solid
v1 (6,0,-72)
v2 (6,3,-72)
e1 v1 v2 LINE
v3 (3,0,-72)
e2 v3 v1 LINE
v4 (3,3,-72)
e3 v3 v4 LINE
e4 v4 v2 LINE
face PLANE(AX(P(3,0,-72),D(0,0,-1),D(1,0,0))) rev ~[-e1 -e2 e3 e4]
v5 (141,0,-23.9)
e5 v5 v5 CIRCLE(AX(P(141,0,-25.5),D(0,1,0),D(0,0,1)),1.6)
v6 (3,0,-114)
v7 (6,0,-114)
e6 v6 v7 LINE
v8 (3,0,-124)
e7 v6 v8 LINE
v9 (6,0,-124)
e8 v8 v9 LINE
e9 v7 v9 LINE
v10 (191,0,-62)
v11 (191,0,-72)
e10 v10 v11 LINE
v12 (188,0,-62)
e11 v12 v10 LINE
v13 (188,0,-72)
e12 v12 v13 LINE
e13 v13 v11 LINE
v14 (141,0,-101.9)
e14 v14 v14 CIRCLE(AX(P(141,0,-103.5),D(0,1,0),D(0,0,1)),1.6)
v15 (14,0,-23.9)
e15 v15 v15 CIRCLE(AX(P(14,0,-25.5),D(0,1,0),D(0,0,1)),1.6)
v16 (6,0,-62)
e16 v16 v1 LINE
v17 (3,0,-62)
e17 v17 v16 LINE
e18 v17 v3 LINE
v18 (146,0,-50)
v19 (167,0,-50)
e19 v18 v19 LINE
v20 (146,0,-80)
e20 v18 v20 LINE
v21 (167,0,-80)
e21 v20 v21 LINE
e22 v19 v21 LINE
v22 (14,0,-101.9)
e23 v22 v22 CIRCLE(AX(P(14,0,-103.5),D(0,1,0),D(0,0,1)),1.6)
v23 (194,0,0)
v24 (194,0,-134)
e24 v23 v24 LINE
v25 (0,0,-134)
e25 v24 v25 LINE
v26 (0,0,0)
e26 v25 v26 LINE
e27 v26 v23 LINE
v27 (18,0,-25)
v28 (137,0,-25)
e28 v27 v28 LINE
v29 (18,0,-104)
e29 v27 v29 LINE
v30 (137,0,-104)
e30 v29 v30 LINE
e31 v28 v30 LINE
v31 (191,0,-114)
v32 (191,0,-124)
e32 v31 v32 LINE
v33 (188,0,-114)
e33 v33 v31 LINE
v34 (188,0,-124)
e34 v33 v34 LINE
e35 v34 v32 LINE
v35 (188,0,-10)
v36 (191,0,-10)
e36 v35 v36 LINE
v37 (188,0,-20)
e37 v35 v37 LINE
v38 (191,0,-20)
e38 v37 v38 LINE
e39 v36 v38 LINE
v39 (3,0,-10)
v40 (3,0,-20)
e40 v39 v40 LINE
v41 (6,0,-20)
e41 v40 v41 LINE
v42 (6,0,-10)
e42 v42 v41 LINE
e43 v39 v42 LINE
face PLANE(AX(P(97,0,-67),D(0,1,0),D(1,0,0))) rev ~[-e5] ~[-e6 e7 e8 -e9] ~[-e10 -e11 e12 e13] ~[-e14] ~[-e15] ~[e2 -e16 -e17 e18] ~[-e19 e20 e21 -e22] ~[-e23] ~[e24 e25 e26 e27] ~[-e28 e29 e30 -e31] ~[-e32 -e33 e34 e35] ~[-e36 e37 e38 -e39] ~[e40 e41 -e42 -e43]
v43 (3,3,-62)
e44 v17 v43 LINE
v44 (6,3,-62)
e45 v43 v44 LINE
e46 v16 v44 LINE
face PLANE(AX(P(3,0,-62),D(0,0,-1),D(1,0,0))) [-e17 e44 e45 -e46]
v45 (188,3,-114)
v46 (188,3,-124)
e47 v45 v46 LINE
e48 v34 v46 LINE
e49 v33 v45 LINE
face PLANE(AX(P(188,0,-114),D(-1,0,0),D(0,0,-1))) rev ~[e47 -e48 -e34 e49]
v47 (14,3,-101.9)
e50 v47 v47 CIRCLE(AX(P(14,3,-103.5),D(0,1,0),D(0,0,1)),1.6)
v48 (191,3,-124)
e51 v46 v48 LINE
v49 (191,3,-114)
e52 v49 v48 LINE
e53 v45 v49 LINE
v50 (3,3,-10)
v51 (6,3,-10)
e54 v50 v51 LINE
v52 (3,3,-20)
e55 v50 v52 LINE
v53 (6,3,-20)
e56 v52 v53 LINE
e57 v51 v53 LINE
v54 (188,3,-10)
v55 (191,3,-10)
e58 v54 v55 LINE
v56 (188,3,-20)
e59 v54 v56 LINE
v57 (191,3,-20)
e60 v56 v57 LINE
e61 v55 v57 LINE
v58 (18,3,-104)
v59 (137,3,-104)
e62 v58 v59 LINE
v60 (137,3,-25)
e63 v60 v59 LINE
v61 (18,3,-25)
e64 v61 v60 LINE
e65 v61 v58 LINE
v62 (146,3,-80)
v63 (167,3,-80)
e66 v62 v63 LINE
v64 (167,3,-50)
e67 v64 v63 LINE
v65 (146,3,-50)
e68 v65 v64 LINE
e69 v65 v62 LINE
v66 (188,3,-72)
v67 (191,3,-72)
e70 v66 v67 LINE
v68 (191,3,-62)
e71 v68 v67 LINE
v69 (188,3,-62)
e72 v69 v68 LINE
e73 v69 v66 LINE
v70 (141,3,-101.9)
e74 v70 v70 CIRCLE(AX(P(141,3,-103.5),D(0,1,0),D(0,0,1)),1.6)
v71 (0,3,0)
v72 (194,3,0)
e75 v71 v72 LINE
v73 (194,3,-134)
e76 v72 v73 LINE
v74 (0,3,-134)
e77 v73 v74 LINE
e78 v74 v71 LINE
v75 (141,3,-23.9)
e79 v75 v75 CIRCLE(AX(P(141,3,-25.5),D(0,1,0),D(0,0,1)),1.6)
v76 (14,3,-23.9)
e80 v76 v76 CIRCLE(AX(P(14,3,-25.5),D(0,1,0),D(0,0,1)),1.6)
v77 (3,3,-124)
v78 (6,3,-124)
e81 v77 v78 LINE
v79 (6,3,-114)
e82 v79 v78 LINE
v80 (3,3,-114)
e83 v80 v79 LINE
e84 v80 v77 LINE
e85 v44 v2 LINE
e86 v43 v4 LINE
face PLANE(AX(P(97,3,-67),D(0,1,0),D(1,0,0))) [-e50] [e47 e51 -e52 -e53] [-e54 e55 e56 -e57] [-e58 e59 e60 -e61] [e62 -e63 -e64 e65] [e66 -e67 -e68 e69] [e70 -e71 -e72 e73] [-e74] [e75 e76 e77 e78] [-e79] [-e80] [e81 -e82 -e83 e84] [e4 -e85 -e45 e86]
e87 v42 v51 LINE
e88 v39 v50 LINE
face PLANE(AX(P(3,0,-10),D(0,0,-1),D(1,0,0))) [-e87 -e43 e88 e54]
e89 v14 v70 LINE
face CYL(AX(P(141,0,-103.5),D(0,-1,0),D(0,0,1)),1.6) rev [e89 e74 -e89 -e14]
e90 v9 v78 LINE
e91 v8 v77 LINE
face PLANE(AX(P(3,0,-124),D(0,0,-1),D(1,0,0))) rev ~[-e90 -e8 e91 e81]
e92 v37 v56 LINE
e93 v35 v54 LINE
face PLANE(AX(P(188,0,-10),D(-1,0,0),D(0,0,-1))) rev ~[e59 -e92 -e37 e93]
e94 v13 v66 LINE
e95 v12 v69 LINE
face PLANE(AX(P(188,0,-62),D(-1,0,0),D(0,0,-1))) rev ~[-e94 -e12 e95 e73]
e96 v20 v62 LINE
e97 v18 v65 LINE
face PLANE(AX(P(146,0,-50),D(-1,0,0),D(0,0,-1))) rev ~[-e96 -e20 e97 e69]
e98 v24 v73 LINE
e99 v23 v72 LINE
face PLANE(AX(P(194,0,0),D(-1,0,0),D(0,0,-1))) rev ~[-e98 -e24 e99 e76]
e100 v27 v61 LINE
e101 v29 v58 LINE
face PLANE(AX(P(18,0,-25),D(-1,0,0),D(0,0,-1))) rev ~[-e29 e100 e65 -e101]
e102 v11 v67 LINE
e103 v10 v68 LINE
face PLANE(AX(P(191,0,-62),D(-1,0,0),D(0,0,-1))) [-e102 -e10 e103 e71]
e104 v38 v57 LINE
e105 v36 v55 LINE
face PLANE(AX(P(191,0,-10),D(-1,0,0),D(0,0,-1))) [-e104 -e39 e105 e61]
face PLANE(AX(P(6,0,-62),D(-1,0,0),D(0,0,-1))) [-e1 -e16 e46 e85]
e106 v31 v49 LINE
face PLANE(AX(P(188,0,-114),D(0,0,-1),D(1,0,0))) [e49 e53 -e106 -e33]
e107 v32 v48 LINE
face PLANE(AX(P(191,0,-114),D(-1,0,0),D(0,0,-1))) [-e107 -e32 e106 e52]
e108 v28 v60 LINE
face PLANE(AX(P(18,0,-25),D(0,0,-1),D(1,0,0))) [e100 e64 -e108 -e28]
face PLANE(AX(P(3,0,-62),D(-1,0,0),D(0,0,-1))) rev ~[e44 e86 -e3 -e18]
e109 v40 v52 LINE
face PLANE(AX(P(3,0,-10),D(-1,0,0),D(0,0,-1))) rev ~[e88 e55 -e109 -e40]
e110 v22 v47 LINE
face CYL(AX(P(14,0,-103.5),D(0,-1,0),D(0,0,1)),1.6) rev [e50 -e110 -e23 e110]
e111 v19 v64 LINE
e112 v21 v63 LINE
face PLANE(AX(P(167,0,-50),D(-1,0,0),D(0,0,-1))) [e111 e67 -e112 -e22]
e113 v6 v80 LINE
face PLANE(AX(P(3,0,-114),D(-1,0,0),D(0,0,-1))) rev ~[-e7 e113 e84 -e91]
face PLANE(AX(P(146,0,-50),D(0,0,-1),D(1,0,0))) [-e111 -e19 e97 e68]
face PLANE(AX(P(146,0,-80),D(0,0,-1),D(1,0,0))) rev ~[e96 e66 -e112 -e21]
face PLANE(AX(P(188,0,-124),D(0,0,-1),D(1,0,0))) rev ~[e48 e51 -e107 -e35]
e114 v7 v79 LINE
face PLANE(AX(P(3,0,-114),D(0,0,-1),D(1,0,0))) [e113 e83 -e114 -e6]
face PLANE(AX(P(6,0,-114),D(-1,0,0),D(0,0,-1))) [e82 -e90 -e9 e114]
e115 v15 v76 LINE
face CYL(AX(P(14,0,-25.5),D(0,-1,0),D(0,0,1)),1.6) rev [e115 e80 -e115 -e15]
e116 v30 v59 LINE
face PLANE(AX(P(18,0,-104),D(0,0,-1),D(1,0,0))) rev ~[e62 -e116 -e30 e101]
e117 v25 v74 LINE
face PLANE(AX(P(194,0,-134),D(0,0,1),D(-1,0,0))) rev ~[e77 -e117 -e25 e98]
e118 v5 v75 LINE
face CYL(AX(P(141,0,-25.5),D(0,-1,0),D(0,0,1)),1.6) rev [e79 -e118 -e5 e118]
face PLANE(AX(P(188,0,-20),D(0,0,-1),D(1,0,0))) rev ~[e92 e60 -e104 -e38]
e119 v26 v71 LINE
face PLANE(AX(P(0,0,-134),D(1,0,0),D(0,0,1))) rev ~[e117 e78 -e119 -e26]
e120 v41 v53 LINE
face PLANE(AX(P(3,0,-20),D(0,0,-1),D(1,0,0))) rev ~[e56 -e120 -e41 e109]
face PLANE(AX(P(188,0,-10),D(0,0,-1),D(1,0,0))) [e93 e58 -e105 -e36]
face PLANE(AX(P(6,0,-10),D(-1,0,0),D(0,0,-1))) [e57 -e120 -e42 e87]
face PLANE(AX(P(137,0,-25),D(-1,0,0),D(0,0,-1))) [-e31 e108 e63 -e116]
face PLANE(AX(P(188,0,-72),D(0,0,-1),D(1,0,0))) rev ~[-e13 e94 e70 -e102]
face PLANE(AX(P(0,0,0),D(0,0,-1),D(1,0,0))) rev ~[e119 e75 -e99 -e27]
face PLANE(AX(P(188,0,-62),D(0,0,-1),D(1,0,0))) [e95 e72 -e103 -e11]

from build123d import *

# Parameters (mm, degrees)
SKETCH1_R           = 1.6
SKETCH1_W           = 119
SKETCH1_H           = 79
SKETCH1_W_2         = 21
SKETCH1_H_2         = 30
SKETCH1_W_3         = 3
SKETCH1_H_3         = 10
BOSS_EXTRUDE1_DEPTH = 3


with BuildPart() as part:
    # Sketch1 → Boss-Extrude1 (new body)
    with BuildSketch(Plane(origin=(0, 0, 0), x_dir=(1, 0, 0), z_dir=(0, 1, 0))):
        Polygon((0, 0), (194, 0), (194, 14.55), (194, 114.55), (194, 134), (0, 134), align=None)
        with Locations(Location((14, 103.5, 0), (0, 0, 270))):
            Circle(SKETCH1_R, mode=Mode.SUBTRACT)
        with Locations(Location((141, 103.5, 0), (0, 0, 270))):
            Circle(SKETCH1_R, mode=Mode.SUBTRACT)
        with Locations(Location((141, 25.5, 0), (0, 0, 270))):
            Circle(SKETCH1_R, mode=Mode.SUBTRACT)
        with Locations(Location((14, 25.5, 0), (0, 0, 270))):
            Circle(SKETCH1_R, mode=Mode.SUBTRACT)
        with Locations((77.5, 64.5)):
            Rectangle(SKETCH1_W, SKETCH1_H, mode=Mode.SUBTRACT)
        with Locations((156.5, 65)):
            Rectangle(SKETCH1_W_2, SKETCH1_H_2, mode=Mode.SUBTRACT)
        with Locations((4.5, 119)):
            Rectangle(SKETCH1_W_3, SKETCH1_H_3, mode=Mode.SUBTRACT)
        with Locations((4.5, 67)):
            Rectangle(SKETCH1_W_3, SKETCH1_H_3, mode=Mode.SUBTRACT)
        with Locations((4.5, 15)):
            Rectangle(SKETCH1_W_3, SKETCH1_H_3, mode=Mode.SUBTRACT)
        with Locations((189.5, 119)):
            Rectangle(SKETCH1_W_3, SKETCH1_H_3, mode=Mode.SUBTRACT)
        with Locations((189.5, 67)):
            Rectangle(SKETCH1_W_3, SKETCH1_H_3, mode=Mode.SUBTRACT)
        with Locations((189.5, 15)):
            Rectangle(SKETCH1_W_3, SKETCH1_H_3, mode=Mode.SUBTRACT)
    extrude(amount=BOSS_EXTRUDE1_DEPTH)


solid = part.part
